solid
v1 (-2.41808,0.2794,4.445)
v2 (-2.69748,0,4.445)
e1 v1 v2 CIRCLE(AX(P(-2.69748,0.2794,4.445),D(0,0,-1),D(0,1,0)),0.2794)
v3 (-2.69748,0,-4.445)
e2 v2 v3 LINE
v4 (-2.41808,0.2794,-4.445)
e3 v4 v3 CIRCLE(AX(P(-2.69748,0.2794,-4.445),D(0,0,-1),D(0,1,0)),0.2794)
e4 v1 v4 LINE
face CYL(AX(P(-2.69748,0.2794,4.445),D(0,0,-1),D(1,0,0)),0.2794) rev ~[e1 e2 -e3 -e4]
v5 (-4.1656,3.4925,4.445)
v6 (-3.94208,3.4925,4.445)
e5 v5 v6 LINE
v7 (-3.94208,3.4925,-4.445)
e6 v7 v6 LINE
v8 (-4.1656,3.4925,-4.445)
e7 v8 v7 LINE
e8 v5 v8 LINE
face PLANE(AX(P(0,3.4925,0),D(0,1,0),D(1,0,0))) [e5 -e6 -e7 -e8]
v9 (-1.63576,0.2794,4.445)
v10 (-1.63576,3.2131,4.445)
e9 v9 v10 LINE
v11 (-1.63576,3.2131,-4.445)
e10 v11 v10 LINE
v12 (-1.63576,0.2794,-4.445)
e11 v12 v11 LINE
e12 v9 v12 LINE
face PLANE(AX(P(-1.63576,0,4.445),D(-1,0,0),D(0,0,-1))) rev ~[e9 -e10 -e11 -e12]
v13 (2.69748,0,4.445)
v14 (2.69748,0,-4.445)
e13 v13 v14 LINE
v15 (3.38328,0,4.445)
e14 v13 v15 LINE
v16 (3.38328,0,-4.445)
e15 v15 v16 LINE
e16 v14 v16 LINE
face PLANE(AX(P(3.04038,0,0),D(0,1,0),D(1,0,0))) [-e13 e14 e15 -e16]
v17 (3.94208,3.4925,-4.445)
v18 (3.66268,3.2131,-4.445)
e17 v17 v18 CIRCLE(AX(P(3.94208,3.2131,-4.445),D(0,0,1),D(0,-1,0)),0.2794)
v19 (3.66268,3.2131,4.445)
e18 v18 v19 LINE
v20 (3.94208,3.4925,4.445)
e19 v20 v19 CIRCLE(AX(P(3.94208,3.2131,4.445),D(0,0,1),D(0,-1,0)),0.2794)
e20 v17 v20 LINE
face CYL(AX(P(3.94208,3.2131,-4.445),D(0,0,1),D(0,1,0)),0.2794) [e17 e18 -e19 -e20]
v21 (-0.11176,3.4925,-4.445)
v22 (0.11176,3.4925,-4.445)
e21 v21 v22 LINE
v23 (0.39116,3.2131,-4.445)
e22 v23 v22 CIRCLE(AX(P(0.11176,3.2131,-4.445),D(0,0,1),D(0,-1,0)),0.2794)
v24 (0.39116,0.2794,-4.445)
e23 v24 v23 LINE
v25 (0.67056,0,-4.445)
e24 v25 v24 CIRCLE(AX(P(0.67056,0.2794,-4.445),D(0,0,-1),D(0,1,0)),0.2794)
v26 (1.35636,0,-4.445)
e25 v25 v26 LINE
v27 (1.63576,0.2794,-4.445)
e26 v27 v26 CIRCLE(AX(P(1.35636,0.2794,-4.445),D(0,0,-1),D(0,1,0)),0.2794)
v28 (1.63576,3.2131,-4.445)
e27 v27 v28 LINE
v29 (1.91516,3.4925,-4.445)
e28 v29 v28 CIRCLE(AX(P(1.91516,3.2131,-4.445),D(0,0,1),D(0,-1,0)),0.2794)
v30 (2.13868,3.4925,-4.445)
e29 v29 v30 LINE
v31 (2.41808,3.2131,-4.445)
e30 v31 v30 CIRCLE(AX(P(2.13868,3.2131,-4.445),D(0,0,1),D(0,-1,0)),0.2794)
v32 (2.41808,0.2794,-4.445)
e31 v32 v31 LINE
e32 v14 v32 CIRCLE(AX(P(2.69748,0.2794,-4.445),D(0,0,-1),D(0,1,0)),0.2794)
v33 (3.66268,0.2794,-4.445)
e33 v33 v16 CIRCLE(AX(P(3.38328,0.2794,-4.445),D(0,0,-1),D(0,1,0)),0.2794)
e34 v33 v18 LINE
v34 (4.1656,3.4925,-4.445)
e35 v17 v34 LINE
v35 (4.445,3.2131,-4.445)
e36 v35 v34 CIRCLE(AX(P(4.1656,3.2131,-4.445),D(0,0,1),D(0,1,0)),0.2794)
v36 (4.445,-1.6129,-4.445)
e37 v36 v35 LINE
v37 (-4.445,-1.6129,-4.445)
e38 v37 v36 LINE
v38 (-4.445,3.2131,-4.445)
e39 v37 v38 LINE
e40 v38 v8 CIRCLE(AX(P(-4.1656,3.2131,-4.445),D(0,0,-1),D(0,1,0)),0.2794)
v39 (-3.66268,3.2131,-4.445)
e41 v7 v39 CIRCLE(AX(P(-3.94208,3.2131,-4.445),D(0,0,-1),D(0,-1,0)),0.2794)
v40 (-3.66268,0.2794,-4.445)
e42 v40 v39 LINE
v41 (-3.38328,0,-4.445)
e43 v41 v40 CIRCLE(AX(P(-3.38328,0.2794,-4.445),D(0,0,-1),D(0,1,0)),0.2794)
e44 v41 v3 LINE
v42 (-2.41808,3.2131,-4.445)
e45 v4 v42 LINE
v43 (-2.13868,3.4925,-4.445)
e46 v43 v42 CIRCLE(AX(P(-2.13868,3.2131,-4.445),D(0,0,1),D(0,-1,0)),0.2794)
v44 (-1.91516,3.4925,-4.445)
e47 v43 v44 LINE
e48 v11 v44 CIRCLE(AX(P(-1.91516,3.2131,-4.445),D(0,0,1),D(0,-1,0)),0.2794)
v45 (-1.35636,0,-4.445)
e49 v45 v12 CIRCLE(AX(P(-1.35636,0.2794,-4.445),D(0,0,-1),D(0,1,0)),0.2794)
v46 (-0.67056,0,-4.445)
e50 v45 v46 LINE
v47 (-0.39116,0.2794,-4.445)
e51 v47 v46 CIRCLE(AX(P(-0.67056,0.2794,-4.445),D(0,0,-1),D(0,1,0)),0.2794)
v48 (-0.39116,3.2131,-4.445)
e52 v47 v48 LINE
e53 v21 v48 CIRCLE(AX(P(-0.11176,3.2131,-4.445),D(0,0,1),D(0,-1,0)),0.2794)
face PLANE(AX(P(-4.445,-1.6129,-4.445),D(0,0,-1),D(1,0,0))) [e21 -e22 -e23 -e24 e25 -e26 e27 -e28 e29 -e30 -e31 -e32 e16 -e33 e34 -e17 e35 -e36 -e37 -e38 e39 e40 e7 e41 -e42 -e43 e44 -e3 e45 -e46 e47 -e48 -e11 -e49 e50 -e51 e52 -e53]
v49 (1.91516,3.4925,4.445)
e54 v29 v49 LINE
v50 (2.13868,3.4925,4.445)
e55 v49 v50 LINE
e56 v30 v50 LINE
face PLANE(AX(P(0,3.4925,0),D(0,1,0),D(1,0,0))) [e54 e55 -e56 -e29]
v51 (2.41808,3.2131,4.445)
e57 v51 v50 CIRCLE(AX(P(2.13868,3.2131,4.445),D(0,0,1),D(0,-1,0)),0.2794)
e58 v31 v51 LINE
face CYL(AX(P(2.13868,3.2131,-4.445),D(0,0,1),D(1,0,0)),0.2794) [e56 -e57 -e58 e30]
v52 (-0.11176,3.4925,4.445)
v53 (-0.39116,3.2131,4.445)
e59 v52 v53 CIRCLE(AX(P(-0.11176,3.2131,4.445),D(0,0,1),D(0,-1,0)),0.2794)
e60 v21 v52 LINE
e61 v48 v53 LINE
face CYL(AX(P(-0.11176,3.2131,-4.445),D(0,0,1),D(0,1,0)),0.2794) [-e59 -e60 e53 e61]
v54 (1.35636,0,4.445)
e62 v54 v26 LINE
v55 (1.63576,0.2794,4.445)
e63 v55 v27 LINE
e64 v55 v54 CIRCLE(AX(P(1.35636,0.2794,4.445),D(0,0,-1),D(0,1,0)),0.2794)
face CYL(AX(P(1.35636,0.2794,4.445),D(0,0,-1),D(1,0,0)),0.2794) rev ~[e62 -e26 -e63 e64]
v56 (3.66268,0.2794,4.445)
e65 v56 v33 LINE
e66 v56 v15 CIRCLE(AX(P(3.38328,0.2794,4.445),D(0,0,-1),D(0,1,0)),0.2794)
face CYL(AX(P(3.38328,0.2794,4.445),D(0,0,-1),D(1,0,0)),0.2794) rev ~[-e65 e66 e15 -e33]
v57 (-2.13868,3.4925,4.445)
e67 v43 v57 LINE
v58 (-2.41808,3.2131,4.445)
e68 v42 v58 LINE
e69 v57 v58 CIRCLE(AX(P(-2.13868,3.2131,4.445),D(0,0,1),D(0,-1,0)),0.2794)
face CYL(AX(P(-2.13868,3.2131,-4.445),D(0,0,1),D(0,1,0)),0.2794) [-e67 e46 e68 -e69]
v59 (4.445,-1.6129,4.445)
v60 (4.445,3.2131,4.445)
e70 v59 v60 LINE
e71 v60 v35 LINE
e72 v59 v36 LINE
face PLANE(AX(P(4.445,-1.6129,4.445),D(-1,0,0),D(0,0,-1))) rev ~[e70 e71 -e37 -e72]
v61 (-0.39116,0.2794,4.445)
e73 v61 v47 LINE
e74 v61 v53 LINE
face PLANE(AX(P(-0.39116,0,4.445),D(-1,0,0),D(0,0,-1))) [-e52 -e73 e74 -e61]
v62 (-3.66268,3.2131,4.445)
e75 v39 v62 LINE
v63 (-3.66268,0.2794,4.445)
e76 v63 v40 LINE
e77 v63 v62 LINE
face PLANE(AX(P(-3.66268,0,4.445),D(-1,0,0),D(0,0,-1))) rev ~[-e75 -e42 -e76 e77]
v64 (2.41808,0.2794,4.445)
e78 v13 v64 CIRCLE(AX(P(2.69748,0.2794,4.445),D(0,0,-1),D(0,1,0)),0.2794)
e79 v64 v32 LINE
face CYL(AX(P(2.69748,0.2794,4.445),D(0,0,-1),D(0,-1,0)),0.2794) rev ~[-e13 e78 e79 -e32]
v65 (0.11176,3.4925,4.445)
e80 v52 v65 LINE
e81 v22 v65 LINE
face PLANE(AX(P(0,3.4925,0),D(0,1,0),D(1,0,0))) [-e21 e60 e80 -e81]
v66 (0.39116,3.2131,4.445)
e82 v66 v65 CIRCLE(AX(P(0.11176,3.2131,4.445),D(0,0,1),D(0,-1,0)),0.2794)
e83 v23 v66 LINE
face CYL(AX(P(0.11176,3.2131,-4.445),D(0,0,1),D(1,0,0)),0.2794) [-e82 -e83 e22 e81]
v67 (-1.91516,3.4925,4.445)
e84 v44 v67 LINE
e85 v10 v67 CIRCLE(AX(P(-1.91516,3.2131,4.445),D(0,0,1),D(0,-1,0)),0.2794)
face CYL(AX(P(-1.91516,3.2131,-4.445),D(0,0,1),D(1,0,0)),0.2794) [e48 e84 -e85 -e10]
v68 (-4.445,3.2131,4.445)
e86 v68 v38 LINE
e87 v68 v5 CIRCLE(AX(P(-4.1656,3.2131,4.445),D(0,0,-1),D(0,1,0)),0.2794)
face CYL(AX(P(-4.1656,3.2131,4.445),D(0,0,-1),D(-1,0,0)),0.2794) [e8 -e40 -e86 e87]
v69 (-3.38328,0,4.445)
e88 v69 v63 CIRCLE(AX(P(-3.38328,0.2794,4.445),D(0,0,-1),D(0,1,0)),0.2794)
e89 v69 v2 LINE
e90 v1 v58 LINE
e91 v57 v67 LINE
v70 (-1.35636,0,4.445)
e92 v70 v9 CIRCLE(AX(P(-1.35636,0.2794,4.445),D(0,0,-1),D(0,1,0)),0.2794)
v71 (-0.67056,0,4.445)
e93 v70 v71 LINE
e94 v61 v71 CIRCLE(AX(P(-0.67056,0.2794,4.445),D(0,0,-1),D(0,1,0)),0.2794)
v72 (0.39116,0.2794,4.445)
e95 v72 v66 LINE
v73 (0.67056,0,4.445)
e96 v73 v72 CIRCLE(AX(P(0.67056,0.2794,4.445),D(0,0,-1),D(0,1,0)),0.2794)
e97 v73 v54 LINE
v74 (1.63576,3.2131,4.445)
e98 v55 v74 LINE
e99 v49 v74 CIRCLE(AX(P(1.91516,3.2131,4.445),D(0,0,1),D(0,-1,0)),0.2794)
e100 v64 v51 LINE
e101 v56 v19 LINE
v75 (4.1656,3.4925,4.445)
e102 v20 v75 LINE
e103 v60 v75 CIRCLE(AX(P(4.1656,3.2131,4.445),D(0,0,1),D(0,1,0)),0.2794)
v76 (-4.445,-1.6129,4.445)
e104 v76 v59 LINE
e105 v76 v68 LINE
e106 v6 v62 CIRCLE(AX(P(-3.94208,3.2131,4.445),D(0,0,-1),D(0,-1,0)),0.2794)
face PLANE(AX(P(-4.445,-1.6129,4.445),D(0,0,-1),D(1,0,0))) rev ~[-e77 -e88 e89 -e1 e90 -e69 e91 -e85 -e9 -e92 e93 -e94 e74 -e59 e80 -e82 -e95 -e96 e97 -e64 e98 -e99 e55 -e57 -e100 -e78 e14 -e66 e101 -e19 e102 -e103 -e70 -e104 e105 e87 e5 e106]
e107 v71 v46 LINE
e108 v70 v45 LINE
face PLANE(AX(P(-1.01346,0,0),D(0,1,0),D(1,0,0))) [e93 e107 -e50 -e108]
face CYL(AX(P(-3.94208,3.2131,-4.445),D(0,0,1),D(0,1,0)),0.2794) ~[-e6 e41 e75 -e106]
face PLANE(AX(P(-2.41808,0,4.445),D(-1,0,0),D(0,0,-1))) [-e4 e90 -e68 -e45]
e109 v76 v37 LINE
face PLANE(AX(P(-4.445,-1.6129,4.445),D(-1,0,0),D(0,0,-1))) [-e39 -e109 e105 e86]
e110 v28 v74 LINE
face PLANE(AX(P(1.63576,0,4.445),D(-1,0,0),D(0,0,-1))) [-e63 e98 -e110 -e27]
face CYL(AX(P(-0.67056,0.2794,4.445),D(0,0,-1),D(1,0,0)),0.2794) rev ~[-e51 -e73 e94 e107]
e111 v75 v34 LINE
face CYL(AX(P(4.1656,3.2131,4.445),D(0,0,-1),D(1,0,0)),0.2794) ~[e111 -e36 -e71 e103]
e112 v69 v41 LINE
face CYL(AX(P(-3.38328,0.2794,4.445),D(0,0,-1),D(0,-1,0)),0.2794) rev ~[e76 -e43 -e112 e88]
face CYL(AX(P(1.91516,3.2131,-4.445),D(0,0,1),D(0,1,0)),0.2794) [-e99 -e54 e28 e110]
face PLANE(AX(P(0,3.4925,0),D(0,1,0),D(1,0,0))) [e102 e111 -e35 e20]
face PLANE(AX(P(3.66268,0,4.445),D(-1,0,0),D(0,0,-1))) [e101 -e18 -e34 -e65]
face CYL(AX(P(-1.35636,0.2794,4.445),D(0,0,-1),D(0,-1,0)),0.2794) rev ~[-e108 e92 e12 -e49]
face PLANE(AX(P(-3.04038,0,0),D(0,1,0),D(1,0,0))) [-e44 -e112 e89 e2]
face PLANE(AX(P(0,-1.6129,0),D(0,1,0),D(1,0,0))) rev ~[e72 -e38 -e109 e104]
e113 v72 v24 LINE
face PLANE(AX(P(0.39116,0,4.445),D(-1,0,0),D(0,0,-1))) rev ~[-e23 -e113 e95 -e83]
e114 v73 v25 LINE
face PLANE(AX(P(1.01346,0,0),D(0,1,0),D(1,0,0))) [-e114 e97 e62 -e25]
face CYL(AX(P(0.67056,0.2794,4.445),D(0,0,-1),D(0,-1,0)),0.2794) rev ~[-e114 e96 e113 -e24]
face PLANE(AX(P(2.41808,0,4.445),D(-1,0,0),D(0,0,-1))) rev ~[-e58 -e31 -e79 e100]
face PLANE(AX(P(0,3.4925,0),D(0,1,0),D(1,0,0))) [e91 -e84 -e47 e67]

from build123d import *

# Parameters (mm, degrees)
BOSS_EXTRUDE1_START = -1.6129
SKETCH2_W           = 8.89
SKETCH2_H           = 8.89
BOSS_EXTRUDE1_DEPTH = 5.1054
SKETCH3_W           = 1.2446
SKETCH3_H           = 8.89
CUT_EXTRUDE1_DEPTH  = 8.1912173
FILLET1_R           = 0.2794


with BuildPart() as part:
    # Sketch2 → Boss-Extrude1 (new body)
    with BuildSketch(Plane(origin=(0, 0, 0), x_dir=(1, 0, 0), z_dir=(0, 1, 0)).offset(BOSS_EXTRUDE1_START)):
        Rectangle(SKETCH2_W, SKETCH2_H)
    extrude(amount=BOSS_EXTRUDE1_DEPTH)

    # Sketch3 → Cut-Extrude1 (cut, through all)
    with BuildSketch(Plane(origin=(0, 0, 0), x_dir=(1, 0, 0), z_dir=(0, 1, 0))):
        with Locations((-3.04038, 0)):
            Rectangle(SKETCH3_W, SKETCH3_H)
        with Locations((-1.01346, 0)):
            Rectangle(SKETCH3_W, SKETCH3_H)
        with Locations((1.01346, 0)):
            Rectangle(SKETCH3_W, SKETCH3_H)
        with Locations((3.04038, 0)):
            Rectangle(SKETCH3_W, SKETCH3_H)
    extrude(amount=CUT_EXTRUDE1_DEPTH, mode=Mode.SUBTRACT)

    # Fillet1
    fillet1_edges = [part.edges().sort_by_distance(p)[0] for p in [
        (-4.445, 3.4925, 0),
        (-2.41808, 3.4925, 0),
        (-3.66268, 0, 0),
        (-3.66268, 3.4925, 0),
        (-2.41808, 0, 0),
        (4.445, 3.4925, 0),
        (-1.63576, 0, 0),
        (-0.39116, 3.4925, 0),
        (-1.63576, 3.4925, 0),
        (-0.39116, 0, 0),
        (0.39116, 0, 0),
        (1.63576, 3.4925, 0),
        (0.39116, 3.4925, 0),
        (1.63576, 0, 0),
        (2.41808, 0, 0),
        (3.66268, 3.4925, 0),
        (2.41808, 3.4925, 0),
        (3.66268, 0, 0),
    ]]
    fillet(fillet1_edges, radius=FILLET1_R)


solid = part.part
